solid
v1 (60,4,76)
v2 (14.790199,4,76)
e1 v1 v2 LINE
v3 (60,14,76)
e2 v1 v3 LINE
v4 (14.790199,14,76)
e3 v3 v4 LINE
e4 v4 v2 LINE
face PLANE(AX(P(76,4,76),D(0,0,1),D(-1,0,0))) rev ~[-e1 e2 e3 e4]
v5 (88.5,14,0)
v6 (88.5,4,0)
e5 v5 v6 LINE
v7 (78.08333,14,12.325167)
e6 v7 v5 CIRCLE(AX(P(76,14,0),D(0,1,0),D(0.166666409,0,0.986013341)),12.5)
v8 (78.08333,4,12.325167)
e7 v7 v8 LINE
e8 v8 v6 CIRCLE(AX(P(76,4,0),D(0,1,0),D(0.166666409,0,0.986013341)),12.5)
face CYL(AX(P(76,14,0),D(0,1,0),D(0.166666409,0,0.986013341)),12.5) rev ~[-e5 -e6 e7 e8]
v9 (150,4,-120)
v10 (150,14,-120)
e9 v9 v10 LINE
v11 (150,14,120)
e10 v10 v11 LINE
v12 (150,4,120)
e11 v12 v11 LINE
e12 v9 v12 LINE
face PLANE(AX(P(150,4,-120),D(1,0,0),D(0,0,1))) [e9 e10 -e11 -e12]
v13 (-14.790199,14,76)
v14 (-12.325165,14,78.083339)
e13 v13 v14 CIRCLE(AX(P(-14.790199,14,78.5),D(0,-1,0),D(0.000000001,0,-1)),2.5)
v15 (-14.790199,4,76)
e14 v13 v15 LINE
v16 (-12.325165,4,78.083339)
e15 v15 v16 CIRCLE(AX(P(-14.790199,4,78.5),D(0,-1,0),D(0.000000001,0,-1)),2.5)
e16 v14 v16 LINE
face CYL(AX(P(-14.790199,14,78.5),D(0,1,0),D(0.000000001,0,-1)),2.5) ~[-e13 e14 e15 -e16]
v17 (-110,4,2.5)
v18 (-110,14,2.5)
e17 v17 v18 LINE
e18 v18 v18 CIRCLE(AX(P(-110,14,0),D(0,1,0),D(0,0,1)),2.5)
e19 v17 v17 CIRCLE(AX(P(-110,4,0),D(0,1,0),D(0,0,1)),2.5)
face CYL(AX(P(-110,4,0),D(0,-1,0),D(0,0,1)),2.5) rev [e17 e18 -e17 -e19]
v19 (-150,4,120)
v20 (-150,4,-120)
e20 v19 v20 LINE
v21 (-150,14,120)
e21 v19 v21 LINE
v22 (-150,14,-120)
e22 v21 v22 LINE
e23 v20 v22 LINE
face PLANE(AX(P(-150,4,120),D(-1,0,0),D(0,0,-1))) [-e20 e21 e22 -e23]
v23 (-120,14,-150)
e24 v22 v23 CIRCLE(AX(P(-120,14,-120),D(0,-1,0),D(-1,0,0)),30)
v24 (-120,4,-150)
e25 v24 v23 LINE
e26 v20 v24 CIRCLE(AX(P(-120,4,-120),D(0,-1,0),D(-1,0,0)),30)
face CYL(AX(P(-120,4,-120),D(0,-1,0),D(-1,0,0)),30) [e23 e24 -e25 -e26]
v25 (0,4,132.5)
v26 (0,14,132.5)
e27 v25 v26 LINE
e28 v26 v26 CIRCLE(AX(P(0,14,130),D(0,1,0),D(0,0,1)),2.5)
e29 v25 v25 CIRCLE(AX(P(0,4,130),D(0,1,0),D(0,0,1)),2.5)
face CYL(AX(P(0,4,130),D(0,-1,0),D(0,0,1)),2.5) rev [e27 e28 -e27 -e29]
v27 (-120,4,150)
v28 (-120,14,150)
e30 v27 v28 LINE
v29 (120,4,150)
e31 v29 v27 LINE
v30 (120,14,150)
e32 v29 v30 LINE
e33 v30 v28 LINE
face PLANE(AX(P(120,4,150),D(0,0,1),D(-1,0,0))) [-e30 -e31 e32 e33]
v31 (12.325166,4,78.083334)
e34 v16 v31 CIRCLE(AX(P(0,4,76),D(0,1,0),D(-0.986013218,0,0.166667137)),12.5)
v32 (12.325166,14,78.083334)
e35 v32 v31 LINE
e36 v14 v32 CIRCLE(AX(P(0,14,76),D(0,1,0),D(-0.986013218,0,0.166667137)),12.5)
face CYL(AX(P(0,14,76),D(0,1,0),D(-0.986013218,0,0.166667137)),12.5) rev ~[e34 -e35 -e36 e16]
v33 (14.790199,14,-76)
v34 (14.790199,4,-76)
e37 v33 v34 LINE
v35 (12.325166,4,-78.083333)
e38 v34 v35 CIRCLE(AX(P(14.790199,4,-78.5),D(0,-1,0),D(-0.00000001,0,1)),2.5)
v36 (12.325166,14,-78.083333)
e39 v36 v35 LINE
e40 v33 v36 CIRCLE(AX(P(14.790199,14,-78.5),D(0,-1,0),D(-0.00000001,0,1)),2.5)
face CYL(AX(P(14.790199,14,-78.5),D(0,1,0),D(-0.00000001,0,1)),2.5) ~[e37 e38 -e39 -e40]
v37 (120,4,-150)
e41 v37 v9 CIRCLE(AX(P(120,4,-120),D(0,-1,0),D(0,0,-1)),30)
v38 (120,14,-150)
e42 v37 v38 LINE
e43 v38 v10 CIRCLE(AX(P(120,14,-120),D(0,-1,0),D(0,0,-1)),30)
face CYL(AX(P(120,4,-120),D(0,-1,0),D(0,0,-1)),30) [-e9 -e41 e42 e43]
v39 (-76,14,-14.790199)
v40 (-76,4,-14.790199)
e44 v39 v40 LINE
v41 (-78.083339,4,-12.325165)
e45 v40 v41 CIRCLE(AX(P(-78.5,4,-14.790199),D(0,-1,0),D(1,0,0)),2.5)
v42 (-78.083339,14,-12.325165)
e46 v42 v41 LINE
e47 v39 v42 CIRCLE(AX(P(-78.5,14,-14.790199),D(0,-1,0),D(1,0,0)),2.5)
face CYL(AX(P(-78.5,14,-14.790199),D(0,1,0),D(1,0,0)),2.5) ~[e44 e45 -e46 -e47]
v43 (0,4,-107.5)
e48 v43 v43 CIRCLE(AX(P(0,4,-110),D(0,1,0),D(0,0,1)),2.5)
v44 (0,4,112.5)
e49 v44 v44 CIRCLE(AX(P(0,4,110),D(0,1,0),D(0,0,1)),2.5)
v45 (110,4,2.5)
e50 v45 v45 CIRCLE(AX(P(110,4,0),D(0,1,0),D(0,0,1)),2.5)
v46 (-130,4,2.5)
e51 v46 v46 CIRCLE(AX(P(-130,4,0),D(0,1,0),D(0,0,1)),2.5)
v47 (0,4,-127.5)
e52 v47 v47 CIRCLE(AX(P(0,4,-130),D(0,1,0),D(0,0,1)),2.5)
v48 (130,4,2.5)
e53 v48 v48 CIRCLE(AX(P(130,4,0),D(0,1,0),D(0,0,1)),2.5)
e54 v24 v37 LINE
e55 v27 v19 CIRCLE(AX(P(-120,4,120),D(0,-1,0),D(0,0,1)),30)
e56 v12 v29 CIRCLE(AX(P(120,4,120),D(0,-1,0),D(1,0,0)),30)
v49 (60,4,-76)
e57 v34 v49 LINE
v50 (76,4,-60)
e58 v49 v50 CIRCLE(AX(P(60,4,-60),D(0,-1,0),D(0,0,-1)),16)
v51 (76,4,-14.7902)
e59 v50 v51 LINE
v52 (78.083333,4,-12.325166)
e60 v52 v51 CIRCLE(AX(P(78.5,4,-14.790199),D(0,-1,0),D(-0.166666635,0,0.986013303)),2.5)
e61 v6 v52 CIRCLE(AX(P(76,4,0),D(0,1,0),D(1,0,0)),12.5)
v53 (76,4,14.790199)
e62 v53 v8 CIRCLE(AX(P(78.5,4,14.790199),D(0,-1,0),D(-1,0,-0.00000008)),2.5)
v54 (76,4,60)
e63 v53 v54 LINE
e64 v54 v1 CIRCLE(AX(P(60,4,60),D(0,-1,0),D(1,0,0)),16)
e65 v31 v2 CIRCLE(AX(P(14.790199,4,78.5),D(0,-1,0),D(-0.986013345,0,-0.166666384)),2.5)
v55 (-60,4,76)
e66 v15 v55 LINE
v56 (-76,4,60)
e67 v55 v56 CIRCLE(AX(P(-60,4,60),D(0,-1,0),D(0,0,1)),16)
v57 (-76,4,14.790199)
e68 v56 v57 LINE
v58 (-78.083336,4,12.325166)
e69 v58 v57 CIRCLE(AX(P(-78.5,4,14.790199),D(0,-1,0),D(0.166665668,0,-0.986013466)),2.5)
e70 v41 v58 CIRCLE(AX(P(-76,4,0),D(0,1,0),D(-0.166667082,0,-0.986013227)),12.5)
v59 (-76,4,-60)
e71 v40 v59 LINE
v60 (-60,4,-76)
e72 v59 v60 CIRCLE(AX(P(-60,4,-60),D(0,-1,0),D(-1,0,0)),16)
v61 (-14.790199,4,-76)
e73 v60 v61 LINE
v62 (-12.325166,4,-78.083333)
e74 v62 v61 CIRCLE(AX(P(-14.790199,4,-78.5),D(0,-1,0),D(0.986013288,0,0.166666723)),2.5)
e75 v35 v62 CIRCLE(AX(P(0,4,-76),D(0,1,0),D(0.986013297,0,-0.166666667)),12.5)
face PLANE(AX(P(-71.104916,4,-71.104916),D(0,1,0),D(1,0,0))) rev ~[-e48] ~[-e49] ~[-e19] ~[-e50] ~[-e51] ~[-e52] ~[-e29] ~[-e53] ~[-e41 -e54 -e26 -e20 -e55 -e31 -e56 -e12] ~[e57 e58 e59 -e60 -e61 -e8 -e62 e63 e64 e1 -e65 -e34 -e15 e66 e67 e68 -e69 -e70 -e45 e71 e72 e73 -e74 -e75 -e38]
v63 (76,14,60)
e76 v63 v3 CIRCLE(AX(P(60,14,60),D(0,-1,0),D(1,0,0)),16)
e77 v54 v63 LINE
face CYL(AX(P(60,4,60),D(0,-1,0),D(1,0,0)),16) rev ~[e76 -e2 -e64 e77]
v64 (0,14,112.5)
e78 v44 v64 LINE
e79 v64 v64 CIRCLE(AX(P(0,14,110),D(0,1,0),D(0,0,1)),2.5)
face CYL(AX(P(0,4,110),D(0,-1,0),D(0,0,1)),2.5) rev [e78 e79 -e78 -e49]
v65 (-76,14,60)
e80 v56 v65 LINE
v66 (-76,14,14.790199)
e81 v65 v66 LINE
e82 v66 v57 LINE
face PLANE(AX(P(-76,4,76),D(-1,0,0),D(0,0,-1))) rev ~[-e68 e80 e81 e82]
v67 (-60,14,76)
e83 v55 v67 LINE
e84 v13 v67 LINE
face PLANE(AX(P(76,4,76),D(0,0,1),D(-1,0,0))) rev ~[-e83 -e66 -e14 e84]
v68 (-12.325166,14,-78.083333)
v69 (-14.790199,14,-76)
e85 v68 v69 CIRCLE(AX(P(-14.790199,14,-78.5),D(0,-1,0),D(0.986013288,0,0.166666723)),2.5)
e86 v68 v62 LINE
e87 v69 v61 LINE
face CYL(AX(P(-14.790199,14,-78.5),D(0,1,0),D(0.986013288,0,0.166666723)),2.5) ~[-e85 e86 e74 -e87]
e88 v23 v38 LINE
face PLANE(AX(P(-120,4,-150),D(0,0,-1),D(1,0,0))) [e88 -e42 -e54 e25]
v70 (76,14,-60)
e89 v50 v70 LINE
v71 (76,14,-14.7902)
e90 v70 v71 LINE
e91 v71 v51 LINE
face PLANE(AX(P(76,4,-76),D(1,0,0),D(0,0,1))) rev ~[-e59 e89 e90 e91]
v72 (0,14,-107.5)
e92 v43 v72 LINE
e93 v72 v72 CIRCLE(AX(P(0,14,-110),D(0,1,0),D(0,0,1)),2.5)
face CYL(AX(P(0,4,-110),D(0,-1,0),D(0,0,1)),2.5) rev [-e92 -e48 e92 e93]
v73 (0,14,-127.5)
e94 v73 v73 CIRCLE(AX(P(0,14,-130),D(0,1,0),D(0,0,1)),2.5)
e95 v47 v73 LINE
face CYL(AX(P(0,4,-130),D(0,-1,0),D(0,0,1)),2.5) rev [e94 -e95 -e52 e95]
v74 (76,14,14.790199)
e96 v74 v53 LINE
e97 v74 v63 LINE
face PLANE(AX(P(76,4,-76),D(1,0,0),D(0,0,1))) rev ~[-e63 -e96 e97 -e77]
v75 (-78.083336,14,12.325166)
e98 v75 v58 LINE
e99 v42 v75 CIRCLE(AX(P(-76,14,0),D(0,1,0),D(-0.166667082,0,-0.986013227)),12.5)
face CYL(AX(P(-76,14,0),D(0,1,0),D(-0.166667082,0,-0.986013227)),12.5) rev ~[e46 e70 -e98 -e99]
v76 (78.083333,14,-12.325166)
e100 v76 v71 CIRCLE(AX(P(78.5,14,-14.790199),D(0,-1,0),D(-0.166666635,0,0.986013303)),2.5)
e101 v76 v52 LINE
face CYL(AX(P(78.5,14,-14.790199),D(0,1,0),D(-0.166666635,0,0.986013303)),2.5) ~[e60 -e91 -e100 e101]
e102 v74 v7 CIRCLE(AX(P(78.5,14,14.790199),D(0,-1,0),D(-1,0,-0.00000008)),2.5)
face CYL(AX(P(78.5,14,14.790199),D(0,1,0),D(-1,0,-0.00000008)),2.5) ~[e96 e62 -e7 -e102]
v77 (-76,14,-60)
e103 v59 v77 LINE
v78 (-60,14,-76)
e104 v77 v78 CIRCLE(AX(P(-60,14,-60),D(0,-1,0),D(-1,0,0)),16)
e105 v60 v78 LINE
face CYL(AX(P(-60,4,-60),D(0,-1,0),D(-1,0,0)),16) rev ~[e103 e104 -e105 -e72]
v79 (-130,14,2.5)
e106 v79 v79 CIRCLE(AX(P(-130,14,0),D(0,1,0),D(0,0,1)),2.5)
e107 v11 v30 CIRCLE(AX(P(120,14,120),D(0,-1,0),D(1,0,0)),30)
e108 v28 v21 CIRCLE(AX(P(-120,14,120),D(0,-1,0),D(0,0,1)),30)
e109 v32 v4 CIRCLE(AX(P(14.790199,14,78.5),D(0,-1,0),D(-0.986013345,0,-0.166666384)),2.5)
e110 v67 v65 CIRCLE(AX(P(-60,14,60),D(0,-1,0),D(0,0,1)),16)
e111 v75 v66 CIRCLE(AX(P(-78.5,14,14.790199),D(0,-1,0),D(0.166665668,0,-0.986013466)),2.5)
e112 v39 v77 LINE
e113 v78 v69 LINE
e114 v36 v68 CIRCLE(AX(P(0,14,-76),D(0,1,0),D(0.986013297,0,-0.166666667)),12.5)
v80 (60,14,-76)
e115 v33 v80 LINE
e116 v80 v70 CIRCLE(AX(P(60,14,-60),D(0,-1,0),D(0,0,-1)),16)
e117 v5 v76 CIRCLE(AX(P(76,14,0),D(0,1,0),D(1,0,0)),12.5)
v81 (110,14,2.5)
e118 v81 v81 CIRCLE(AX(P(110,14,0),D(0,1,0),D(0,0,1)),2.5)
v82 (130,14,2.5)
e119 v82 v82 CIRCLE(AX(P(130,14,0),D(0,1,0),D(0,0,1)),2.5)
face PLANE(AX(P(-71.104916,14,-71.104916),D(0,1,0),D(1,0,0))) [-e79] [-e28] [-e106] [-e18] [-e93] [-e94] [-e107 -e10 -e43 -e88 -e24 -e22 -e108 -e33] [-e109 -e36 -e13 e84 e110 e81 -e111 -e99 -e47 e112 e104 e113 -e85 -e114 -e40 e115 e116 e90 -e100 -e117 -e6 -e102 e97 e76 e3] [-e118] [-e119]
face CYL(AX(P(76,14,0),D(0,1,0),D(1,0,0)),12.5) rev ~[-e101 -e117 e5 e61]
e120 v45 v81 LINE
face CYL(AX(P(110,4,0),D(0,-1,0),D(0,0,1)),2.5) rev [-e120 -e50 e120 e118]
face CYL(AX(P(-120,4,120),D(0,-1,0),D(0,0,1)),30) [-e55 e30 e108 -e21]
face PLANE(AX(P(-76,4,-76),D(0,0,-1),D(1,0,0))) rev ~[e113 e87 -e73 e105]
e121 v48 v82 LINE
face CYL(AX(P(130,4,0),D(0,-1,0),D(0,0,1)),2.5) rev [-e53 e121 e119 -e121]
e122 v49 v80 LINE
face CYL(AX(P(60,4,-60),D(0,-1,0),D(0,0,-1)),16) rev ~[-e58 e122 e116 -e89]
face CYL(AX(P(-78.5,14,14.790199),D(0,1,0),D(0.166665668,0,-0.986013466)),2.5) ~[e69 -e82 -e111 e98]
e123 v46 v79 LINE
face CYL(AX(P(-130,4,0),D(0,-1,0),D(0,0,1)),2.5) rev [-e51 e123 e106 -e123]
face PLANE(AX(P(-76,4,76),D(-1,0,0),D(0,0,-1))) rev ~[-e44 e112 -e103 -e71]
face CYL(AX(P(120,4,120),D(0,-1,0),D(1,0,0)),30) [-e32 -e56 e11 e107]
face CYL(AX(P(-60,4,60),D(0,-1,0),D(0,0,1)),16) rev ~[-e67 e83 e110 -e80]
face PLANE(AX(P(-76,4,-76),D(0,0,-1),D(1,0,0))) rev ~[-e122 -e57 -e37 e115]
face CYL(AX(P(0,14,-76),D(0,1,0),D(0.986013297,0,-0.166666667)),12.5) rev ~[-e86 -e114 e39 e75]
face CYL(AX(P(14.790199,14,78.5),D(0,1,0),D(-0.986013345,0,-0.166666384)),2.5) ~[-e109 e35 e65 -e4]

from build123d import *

# Parameters (mm, degrees)
BOSS_EXTRUDE3_DEPTH = 4
SKETCH2_R           = 2.5
BOSS_EXTRUDE4_DEPTH = 10
CUT_EXTRUDE1_DEPTH  = 52
CUT_EXTRUDE2_DEPTH  = 10


with BuildPart() as part:
    # Sketch1 → Boss-Extrude3 (new body)
    with BuildSketch(Plane(origin=(0, 0, 0), x_dir=(1, 0, 0), z_dir=(0, 1, 0))):
        with BuildLine():
            ThreePointArc((-75, -60), (-70.606601718, -70.606601718), (-60, -75))
            Line((-60, -75), (60, -75))
            ThreePointArc((60, -75), (70.606601718, -70.606601718), (75, -60))
            Line((75, -60), (75, 60))
            ThreePointArc((75, 60), (70.606601718, 70.606601718), (60, 75))
            Line((60, 75), (-60, 75))
            ThreePointArc((-60, 75), (-70.606601718, 70.606601718), (-75, 60))
            Line((-75, 60), (-75, -60))
        make_face()
    extrude(amount=BOSS_EXTRUDE3_DEPTH)

    # Sketch3 → Cut-Extrude1 (cut)
    with BuildSketch(Plane(origin=(0, 14, 0), x_dir=(1, 0, 0), z_dir=(0, 1, 0))):
        with BuildLine():
            Line((-60, 76), (60, 76))
            ThreePointArc((60, 76), (71.313708499, 71.313708499), (76, 60))
            Line((76, 60), (76, -60))
            ThreePointArc((76, -60), (71.313708499, -71.313708499), (60, -76))
            Line((60, -76), (-60, -76))
            ThreePointArc((-60, -76), (-71.313708499, -71.313708499), (-76, -60))
            Line((-76, -60), (-76, 60))
            ThreePointArc((-76, 60), (-71.313708499, 71.313708499), (-60, 76))
        make_face()
    extrude(amount=-CUT_EXTRUDE1_DEPTH, mode=Mode.SUBTRACT)


with BuildPart() as body_2:
    # Sketch2 → Boss-Extrude4 (new body)
    # profile 1 of 5: a face of its own
    with BuildSketch(Plane(origin=(0, 4, 0), x_dir=(1, 0, 0), z_dir=(0, 1, 0))):
        with BuildLine():
            ThreePointArc((150, -120), (141.213203436, -141.213203436), (120, -150))
            Line((120, -150), (-120, -150))
            ThreePointArc((-120, -150), (-141.213203436, -141.213203436), (-150, -120))
            Line((-150, -120), (-150, 120))
            ThreePointArc((-150, 120), (-141.213203436, 141.213203436), (-120, 150))
            Line((-120, 150), (120, 150))
            ThreePointArc((120, 150), (141.213203436, 141.213203436), (150, 120))
            Line((150, 120), (150, -120))
        make_face()
        with Locations(Location((-110, 0, 0), (0, 0, 270))):
            Circle(SKETCH2_R, mode=Mode.SUBTRACT)
        with Locations(Location((-130, 0, 0), (0, 0, 270))):
            Circle(SKETCH2_R, mode=Mode.SUBTRACT)
        with Locations(Location((130, 0, 0), (0, 0, 270))):
            Circle(SKETCH2_R, mode=Mode.SUBTRACT)
        with Locations(Location((110, 0, 0), (0, 0, 270))):
            Circle(SKETCH2_R, mode=Mode.SUBTRACT)
        with Locations(Location((0, -130, 0), (0, 0, 270))):
            Circle(SKETCH2_R, mode=Mode.SUBTRACT)
        with Locations(Location((0, -110, 0), (0, 0, 270))):
            Circle(SKETCH2_R, mode=Mode.SUBTRACT)
        with Locations(Location((0, 110, 0), (0, 0, 270))):
            Circle(SKETCH2_R, mode=Mode.SUBTRACT)
        with Locations(Location((0, 130, 0), (0, 0, 270))):
            Circle(SKETCH2_R, mode=Mode.SUBTRACT)
        Polygon((-76, -76), (-76, 76), (0, 76), (76, 76), (76, -76), align=None, mode=Mode.SUBTRACT)
    # profile 2 of 5: a face of its own
    with BuildSketch(Plane(origin=(0, 4, 0), x_dir=(1, 0, 0), z_dir=(0, 1, 0))):
        with BuildLine():
            ThreePointArc((-60, -76), (-71.313708499, -71.313708499), (-76, -60))
            Line((-76, -60), (-76, -76))
            Line((-76, -76), (-60, -76))
        make_face()
    # profile 3 of 5: a face of its own
    with BuildSketch(Plane(origin=(0, 4, 0), x_dir=(1, 0, 0), z_dir=(0, 1, 0))):
        with BuildLine():
            Line((76, -76), (76, -60))
            ThreePointArc((76, -60), (71.313708499, -71.313708499), (60, -76))
            Line((60, -76), (76, -76))
        make_face()
    # profile 4 of 5: a face of its own
    with BuildSketch(Plane(origin=(0, 4, 0), x_dir=(1, 0, 0), z_dir=(0, 1, 0))):
        with BuildLine():
            Line((76, 76), (60, 76))
            ThreePointArc((60, 76), (71.313708499, 71.313708499), (76, 60))
            Line((76, 60), (76, 76))
        make_face()
    # profile 5 of 5: a face of its own
    with BuildSketch(Plane(origin=(0, 4, 0), x_dir=(1, 0, 0), z_dir=(0, 1, 0))):
        with BuildLine():
            ThreePointArc((-76, 60), (-71.313708499, 71.313708499), (-60, 76))
            Line((-60, 76), (-76, 76))
            Line((-76, 76), (-76, 60))
        make_face()
    extrude(amount=BOSS_EXTRUDE4_DEPTH)

    # Sketch4 → Cut-Extrude2 (cut)
    with BuildSketch(Plane(origin=(0, 14, 0), x_dir=(1, 0, 0), z_dir=(0, 1, 0))):
        with BuildLine():
            Line((-12.5, 76), (12.5, 76))
            ThreePointArc((12.5, 76), (12.456214868, 77.045328257), (12.325166214, 78.08333334))
            ThreePointArc((12.325166214, 78.08333334), (-7.4e-08, 88.5), (-12.325166239, 78.083333193))
            ThreePointArc((-12.325166239, 78.083333193), (-12.456214874, 77.045328183), (-12.5, 76))
        make_face()
        with BuildLine():
            ThreePointArc((-12.5, 76), (0, 63.5), (12.5, 76))
            Line((12.5, 76), (-12.5, 76))
        make_face()
        with BuildLine():
            Line((-14.790199458, 76), (-12.5, 76))
            ThreePointArc((-12.5, 76), (-12.456214874, 77.045328183), (-12.325166239, 78.083333193))
            ThreePointArc((-12.325166239, 78.083333193), (-13.176456451, 76.590593415), (-14.790199458, 76))
        make_face()
        with BuildLine():
            ThreePointArc((12.325166214, 78.08333334), (12.456214868, 77.045328257), (12.5, 76))
            Line((12.5, 76), (14.790199431, 76))
            ThreePointArc((14.790199431, 76), (13.176456384, 76.590593471), (12.325166214, 78.08333334))
        make_face()
        with BuildLine():
            ThreePointArc((-76, -12.5), (-67.161165235, -8.838834765), (-63.5, 0))
            ThreePointArc((-63.5, 0), (-67.161165235, 8.838834765), (-76, 12.5))
            Line((-76, 12.5), (-76, -12.5))
        make_face()
        with BuildLine():
            Line((-76, -12.5), (-76, 12.5))
            ThreePointArc((-76, 12.5), (-77.045330875, 12.456214648), (-78.083338522, 12.325165338))
            ThreePointArc((-78.083338522, 12.325165338), (-88.5, -1.364e-06), (-78.083335831, -12.325165793))
            ThreePointArc((-78.083335831, -12.325165793), (-77.045329516, -12.456214762), (-76, -12.5))
        make_face()
        with BuildLine():
            ThreePointArc((-78.083338522, 12.325165338), (-77.045330875, 12.456214648), (-76, 12.5))
            Line((-76, 12.5), (-76, 14.790199458))
            ThreePointArc((-76, 14.790199458), (-76.590595159, 13.176454387), (-78.083338522, 12.325165338))
        make_face()
        with BuildLine():
            Line((-76, -14.790199458), (-76, -12.5))
            ThreePointArc((-76, -12.5), (-77.045329516, -12.456214762), (-78.083335831, -12.325165793))
            ThreePointArc((-78.083335831, -12.325165793), (-76.590594278, -13.17645543), (-76, -14.790199458))
        make_face()
        with BuildLine():
            Line((-12.5, -76), (12.5, -76))
            ThreePointArc((12.5, -76), (0, -63.5), (-12.5, -76))
        make_face()
        with BuildLine():
            ThreePointArc((12.325166095, -78.08333404), (12.456214838, -77.04532861), (12.5, -76))
            Line((12.5, -76), (-12.5, -76))
            ThreePointArc((-12.5, -76), (-12.456214619, -77.045331227), (-12.32516522, -78.083339217))
            ThreePointArc((-12.32516522, -78.083339217), (2.625e-06, -88.5), (12.325166095, -78.08333404))
        make_face()
        with BuildLine():
            ThreePointArc((-12.32516522, -78.083339217), (-12.456214619, -77.045331227), (-12.5, -76))
            Line((-12.5, -76), (-14.790199456, -76))
            ThreePointArc((-14.790199456, -76), (-13.176454117, -76.590595387), (-12.32516522, -78.083339217))
        make_face()
        with BuildLine():
            Line((14.790199458, -76), (12.5, -76))
            ThreePointArc((12.5, -76), (12.456214838, -77.04532861), (12.325166095, -78.08333404))
            ThreePointArc((12.325166095, -78.08333404), (13.176456123, -76.590593692), (14.790199458, -76))
        make_face()
        with BuildLine():
            ThreePointArc((78.083330118, -12.325166758), (85.547031645, -8.06871655), (88.5, 0))
            ThreePointArc((88.5, 0), (85.547032724, 8.068715273), (78.083333414, 12.325166201))
            ThreePointArc((78.083333414, 12.325166201), (77.045328294, 12.456214865), (76, 12.5))
            Line((76, 12.5), (76, -12.5))
            ThreePointArc((76, -12.5), (77.045326629, -12.456215005), (78.083330118, -12.325166758))
        make_face()
        with BuildLine():
            Line((76, -12.5), (76, 12.5))
            ThreePointArc((76, 12.5), (63.5, 0), (76, -12.5))
        make_face()
        with BuildLine():
            ThreePointArc((76, 12.5), (77.045328294, 12.456214865), (78.083333414, 12.325166201))
            ThreePointArc((78.083333414, 12.325166201), (76.590593423, 13.176456442), (76, 14.790199657))
            Line((76, 14.790199657), (76, 12.5))
        make_face()
        with BuildLine():
            ThreePointArc((76, -14.790199258), (76.590592472, -13.176457566), (78.083330118, -12.325166758))
            ThreePointArc((78.083330118, -12.325166758), (77.045326629, -12.456215005), (76, -12.5))
            Line((76, -12.5), (76, -14.790199258))
        make_face()
    extrude(amount=-CUT_EXTRUDE2_DEPTH, mode=Mode.SUBTRACT)


solid = body_2.part
